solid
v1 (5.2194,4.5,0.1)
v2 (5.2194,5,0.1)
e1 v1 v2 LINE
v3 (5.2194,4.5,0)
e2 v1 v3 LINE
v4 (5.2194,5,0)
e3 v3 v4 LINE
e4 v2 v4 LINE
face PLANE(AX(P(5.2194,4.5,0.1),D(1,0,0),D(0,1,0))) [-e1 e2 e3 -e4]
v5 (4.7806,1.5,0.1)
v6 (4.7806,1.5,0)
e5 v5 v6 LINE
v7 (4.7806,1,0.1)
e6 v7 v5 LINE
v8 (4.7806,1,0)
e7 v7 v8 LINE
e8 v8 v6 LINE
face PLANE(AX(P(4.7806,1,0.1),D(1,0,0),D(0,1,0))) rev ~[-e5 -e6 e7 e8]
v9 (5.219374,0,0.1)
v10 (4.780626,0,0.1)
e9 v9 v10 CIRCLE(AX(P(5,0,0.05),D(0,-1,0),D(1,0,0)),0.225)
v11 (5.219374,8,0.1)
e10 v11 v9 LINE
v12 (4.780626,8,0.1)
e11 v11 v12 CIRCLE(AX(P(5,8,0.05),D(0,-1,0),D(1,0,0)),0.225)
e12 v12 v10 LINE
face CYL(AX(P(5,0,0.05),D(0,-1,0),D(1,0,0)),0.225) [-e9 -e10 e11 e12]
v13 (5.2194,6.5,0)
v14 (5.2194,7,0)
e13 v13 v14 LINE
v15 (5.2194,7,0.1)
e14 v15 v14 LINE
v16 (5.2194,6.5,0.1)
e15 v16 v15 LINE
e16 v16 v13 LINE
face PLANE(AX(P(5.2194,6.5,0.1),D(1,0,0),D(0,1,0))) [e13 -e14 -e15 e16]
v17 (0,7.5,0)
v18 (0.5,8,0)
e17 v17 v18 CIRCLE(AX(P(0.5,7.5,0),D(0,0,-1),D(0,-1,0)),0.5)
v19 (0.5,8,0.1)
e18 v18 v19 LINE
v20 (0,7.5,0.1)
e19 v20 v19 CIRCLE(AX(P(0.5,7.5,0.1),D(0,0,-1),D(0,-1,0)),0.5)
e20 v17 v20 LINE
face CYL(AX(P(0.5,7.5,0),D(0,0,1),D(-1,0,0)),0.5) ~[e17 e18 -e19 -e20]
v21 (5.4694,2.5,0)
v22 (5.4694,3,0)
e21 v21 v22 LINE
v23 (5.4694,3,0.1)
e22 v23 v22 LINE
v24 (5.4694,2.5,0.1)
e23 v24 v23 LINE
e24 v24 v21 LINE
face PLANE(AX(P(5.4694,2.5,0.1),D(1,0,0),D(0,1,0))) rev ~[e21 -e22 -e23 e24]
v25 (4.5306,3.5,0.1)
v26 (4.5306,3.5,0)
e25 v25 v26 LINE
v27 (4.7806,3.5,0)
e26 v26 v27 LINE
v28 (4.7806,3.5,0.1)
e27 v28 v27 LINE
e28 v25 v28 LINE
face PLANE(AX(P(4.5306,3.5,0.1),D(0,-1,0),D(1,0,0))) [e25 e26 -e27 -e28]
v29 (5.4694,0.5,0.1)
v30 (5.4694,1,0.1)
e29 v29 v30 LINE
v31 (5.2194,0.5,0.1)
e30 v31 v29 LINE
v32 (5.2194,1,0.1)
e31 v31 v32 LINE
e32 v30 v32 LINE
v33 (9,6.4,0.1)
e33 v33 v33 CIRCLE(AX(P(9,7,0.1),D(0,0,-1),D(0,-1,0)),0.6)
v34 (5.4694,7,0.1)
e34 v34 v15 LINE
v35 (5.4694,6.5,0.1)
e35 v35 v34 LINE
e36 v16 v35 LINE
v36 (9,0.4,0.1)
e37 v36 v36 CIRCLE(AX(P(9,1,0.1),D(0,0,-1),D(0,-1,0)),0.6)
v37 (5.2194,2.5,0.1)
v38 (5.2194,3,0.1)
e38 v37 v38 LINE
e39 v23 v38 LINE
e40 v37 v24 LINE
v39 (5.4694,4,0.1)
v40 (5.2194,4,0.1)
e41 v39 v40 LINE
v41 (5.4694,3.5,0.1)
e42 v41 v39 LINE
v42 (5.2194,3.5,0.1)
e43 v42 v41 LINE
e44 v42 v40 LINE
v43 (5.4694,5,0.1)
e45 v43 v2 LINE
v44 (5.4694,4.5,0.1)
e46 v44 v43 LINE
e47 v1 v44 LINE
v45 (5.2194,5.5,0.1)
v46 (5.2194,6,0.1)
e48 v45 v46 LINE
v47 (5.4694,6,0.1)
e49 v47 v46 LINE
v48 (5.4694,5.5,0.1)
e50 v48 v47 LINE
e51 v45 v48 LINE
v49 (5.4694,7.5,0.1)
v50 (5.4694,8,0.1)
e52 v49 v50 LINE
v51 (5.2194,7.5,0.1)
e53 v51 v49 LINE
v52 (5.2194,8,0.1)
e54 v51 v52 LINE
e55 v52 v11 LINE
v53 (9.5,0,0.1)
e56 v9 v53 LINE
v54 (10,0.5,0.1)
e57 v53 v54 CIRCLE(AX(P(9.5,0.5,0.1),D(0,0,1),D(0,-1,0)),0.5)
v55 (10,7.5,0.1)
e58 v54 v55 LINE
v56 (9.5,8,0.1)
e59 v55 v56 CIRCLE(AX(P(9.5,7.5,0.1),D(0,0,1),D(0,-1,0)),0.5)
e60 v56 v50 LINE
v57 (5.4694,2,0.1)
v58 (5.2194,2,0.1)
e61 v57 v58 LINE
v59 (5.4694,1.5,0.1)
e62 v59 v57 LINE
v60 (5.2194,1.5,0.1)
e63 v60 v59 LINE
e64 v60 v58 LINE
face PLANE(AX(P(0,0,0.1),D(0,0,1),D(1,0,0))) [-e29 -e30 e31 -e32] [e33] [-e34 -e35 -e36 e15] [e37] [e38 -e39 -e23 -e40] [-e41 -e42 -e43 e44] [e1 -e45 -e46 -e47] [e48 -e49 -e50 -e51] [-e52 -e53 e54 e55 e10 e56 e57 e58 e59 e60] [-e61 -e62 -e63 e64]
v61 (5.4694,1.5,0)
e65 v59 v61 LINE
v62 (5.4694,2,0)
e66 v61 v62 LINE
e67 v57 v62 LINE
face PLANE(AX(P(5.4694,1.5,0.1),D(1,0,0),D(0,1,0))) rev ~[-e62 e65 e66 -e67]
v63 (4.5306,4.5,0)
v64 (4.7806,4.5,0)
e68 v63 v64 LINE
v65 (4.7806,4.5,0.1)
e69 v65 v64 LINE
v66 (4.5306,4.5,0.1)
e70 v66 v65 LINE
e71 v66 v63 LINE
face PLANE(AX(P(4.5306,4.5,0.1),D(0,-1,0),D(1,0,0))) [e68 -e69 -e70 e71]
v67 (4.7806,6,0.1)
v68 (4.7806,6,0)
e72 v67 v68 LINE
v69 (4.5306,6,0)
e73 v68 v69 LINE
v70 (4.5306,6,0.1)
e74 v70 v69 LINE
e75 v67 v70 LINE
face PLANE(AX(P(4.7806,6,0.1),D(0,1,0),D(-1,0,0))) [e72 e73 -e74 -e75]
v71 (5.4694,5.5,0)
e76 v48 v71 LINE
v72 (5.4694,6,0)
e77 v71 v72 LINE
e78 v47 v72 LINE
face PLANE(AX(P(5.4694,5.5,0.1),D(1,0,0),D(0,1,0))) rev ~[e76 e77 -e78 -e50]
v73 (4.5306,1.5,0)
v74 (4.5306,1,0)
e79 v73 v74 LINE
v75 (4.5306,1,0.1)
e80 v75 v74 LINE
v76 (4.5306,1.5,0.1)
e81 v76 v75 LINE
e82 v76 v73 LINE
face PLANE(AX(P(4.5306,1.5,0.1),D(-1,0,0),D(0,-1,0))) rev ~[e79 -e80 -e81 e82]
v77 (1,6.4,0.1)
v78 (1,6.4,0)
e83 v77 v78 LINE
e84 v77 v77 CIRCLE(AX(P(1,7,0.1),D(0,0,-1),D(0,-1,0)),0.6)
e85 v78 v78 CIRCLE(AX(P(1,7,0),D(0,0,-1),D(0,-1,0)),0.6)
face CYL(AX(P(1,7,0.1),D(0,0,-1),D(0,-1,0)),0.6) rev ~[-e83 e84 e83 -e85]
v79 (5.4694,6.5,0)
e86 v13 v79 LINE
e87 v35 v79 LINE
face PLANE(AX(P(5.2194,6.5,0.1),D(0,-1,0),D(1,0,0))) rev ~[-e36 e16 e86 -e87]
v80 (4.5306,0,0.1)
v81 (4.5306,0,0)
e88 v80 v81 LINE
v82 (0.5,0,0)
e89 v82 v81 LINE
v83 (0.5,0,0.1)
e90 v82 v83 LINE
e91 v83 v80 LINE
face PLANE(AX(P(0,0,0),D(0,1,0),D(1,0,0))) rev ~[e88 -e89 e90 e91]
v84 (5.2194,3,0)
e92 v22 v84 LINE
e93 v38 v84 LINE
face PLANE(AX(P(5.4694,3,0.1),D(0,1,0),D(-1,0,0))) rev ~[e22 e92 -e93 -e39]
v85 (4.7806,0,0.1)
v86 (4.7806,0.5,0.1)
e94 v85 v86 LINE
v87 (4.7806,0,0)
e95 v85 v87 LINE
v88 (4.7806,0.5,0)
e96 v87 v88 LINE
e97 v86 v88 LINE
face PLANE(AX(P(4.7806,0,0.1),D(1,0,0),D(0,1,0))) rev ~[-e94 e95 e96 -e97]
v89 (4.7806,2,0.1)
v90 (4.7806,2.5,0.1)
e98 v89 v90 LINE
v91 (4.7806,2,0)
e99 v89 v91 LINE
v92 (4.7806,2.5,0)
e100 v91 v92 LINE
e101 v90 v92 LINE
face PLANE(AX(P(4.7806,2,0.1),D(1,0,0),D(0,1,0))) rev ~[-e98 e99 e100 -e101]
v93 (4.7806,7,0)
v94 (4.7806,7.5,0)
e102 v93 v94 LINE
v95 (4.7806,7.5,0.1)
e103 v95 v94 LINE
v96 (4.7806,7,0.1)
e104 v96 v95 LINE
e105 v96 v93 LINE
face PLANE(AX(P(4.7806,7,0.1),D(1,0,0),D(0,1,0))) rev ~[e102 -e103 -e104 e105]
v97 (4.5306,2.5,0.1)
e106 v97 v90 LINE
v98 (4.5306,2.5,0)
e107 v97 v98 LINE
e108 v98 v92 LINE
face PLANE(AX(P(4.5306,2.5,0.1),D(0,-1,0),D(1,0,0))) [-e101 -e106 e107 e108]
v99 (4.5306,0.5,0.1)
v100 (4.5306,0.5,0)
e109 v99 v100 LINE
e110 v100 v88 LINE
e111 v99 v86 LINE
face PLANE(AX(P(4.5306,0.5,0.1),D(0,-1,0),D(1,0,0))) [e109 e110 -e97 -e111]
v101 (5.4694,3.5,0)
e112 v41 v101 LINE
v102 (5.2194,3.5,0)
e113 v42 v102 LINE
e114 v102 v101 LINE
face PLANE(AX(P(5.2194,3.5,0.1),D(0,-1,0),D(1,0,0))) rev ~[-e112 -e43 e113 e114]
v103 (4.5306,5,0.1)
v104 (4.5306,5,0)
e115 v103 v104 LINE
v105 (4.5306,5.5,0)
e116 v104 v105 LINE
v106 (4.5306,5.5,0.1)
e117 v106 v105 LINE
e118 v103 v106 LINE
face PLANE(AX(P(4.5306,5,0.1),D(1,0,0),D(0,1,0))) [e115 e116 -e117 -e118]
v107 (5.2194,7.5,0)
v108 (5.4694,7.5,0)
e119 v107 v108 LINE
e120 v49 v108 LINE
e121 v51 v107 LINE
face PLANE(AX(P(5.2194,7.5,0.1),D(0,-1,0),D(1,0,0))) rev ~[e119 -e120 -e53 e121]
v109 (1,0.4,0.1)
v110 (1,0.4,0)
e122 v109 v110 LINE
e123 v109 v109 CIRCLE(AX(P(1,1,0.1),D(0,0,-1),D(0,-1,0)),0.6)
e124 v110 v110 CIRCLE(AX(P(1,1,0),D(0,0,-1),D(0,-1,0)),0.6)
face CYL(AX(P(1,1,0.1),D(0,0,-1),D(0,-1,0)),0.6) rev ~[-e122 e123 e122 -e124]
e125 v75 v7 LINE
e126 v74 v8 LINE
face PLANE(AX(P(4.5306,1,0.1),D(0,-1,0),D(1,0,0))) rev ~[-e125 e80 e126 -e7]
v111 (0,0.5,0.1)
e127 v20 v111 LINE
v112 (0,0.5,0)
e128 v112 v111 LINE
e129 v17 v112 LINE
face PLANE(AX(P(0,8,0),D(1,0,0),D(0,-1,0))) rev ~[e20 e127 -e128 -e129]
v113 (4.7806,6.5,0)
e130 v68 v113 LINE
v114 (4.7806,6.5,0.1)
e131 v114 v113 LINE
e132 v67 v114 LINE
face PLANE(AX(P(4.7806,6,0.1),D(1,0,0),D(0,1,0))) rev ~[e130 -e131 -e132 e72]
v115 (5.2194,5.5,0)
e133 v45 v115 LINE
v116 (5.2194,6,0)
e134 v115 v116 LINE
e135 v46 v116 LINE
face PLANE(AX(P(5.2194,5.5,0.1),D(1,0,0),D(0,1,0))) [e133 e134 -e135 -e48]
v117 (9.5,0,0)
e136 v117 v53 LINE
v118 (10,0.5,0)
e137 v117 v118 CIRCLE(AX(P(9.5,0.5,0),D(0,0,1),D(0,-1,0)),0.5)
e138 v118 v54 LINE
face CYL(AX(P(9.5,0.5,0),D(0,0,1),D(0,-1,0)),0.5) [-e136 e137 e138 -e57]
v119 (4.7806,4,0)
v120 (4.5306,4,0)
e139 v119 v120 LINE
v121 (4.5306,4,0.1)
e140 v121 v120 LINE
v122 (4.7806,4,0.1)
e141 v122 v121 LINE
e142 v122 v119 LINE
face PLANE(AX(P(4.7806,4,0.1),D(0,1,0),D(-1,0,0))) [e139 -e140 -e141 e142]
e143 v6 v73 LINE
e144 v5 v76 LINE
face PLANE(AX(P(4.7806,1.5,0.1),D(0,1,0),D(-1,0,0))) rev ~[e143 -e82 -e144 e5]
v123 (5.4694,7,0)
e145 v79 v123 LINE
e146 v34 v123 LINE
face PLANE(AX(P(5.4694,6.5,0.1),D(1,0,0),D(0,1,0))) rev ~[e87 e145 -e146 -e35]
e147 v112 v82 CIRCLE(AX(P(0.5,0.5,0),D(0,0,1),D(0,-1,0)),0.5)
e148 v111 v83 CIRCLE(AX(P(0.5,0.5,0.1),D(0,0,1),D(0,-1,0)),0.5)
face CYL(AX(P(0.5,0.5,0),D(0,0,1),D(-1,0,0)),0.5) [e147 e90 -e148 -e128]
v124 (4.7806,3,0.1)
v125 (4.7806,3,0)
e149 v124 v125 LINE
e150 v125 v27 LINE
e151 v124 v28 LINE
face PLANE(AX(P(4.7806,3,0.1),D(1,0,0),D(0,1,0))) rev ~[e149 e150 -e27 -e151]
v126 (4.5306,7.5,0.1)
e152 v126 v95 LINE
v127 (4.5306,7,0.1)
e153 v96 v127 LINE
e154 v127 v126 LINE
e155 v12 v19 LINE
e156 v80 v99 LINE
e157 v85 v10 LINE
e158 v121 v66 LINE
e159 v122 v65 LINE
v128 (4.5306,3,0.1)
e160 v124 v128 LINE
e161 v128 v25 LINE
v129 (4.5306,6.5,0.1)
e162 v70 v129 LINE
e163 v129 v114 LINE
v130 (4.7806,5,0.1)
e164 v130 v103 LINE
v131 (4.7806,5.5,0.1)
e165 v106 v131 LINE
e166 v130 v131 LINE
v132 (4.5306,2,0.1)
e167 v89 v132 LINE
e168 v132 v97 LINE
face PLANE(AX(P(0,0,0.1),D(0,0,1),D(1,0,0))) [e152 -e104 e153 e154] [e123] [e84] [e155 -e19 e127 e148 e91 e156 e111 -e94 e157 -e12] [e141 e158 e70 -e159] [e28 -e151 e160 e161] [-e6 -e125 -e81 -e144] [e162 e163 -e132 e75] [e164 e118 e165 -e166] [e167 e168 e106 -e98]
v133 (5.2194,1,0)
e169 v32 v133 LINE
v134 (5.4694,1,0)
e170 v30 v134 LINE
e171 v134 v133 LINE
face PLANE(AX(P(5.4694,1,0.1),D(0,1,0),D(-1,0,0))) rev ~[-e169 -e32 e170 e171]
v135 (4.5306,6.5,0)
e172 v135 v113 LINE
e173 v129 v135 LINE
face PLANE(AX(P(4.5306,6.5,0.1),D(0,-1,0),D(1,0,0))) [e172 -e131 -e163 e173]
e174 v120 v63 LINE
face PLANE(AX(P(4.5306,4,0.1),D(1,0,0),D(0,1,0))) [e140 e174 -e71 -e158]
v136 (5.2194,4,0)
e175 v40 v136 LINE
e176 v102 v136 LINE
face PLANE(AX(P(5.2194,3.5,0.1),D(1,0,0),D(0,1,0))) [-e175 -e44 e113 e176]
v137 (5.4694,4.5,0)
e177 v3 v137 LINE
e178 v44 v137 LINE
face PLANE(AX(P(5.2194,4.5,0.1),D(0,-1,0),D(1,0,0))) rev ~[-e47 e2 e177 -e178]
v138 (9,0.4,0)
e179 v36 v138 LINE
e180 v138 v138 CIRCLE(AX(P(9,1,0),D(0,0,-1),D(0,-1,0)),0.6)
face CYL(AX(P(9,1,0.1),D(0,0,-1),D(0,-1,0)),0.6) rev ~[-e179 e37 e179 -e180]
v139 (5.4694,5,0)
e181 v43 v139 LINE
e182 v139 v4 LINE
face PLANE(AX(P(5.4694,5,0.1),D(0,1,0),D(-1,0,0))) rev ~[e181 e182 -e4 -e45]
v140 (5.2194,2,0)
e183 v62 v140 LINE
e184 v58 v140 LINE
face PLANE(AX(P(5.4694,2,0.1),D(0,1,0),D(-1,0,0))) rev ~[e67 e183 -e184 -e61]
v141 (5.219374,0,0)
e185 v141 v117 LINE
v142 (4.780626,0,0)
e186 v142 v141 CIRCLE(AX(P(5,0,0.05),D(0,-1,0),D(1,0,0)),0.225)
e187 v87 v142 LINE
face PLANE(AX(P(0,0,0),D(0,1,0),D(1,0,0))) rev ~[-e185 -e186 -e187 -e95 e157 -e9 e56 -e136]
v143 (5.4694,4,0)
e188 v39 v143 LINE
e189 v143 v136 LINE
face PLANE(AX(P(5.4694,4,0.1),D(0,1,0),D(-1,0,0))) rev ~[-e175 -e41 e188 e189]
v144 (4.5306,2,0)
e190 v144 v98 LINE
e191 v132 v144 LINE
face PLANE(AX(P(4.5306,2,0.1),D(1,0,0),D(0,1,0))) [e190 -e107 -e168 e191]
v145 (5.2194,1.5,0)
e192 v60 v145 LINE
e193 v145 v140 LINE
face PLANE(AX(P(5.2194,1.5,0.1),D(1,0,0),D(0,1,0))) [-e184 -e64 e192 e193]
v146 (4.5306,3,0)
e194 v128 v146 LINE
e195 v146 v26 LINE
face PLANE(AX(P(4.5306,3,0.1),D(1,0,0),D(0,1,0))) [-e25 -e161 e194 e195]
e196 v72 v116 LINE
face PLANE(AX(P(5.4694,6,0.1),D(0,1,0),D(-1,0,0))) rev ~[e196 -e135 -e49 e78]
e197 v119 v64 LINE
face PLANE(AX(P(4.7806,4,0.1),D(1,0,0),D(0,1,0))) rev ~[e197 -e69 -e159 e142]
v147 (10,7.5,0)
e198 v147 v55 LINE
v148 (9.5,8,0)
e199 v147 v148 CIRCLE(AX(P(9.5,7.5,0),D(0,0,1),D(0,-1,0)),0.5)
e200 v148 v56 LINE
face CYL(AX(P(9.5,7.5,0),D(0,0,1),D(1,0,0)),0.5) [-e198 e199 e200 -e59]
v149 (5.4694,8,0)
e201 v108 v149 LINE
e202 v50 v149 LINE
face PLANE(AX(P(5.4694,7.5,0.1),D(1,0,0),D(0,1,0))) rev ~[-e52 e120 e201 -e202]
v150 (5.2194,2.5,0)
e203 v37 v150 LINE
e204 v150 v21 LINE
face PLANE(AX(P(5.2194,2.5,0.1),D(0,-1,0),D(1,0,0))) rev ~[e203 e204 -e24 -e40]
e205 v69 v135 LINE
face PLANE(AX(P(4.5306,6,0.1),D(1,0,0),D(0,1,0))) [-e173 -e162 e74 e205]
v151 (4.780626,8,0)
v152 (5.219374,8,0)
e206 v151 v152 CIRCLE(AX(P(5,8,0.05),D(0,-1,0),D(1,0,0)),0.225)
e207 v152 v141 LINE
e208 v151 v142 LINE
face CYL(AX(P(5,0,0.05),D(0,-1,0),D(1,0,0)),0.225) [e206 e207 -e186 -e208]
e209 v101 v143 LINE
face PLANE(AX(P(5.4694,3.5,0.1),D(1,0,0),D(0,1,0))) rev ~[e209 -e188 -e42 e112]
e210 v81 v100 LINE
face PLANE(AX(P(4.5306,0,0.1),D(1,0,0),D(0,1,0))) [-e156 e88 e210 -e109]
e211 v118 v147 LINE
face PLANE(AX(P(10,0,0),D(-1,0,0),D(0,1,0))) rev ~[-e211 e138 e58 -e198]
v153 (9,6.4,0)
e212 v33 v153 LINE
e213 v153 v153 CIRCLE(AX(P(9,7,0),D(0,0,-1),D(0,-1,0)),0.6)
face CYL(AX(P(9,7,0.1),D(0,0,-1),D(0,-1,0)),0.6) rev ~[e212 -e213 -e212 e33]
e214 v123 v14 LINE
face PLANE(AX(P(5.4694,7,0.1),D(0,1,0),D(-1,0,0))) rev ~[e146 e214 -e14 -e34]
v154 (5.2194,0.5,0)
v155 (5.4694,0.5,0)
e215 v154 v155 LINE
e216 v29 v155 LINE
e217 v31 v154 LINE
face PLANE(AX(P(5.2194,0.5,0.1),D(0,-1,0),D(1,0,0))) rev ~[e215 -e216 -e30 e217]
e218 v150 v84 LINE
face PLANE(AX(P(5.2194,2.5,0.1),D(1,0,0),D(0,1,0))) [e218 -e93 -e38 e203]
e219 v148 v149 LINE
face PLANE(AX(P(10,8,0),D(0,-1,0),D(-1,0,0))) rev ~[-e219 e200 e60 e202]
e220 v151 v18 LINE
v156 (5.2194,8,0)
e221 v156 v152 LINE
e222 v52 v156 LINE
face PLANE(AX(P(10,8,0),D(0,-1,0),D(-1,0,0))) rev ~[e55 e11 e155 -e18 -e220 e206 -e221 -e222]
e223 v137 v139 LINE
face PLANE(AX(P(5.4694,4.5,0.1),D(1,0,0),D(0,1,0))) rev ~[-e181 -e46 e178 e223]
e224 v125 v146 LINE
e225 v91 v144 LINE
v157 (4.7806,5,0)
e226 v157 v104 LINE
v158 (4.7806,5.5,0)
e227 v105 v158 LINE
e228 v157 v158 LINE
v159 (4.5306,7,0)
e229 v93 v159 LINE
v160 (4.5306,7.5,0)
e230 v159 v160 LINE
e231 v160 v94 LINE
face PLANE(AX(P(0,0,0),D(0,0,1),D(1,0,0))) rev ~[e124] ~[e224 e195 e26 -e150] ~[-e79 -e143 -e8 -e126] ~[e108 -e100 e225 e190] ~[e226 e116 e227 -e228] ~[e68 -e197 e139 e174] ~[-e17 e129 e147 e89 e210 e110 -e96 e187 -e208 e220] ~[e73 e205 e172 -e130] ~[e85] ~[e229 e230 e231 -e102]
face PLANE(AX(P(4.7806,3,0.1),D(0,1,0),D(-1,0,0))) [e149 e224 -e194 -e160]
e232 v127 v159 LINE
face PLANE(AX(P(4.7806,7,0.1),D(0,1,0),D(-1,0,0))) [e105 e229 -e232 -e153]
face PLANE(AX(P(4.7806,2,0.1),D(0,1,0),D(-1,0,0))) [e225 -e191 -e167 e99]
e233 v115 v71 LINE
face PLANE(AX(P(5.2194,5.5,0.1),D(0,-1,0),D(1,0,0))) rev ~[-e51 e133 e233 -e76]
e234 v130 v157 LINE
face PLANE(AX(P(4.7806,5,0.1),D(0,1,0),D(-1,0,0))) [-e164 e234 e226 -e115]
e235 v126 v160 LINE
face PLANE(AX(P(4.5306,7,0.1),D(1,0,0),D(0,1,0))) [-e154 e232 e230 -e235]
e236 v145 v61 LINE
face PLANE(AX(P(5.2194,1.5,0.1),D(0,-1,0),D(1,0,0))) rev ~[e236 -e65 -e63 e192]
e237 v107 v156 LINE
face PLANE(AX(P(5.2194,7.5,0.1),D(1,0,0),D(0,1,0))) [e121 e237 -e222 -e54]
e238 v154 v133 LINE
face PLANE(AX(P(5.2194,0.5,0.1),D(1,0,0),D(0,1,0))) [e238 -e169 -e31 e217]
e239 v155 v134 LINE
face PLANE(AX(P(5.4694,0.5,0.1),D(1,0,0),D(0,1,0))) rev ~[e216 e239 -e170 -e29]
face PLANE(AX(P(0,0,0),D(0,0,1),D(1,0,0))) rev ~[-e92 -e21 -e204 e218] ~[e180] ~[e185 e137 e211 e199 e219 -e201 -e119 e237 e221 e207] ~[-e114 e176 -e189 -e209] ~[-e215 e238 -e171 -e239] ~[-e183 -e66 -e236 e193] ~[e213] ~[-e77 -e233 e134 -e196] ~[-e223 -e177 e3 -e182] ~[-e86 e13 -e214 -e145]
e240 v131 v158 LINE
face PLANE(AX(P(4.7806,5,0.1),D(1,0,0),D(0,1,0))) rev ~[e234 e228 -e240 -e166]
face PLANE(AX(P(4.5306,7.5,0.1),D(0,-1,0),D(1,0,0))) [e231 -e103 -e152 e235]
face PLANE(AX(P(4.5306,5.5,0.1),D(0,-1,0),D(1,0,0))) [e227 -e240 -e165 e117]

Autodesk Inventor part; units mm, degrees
ref_plane "YZ Plane" through (0, 0, 0) normal (1, 0, 0) x (0, 1, 0)
ref_plane "XZ Plane" through (0, 0, 0) normal (0, 1, 0) x (-1, 0, 0)
ref_plane "XY Plane" through (0, 0, 0) normal (0, 0, 1) x (1, 0, 0)
sketch "Sketch1" plane through (0, 0, 0) normal (0, 0, 1) x (1, 0, 0)
  line L0 (0, 0) -> (10, 0)
  line L1 (10, 0) -> (10, 8)
  line L2 (10, 8) -> (0, 8)
  line L3 (0, 8) -> (0, 0)
  dimension "d0" = 10
  dimension "d1" = 8
extrude "Extrusion1" add sketch "Sketch1" along normal blind 0.1
sketch "Sketch2" plane through (0, 0, 0) normal (0, -1, 0) x (1, 0, 0)
  circle A0 centre (5, 0.05) radius 0.225
  dimension "d4" = 0.45
extrude "Extrusion2" add sketch "Sketch2" against normal blind 8
sketch "Sketch3" plane through (0, 0, 0.1) normal (0, 0, 1) x (1, 0, 0)
  point P0 (1, 7)
  point P1 (1, 1)
hole "Hole1" at (1, 7, 0.1) at (1, 1, 0.1) direction (0, 0, -1) diameter 1.2 end through all
sketch "Sketch4" plane through (0, 0, 0.1) normal (0, 0, 1) x (1, 0, 0)
  point P0 (0, 0)
  point P1 (9, 7)
  point P2 (9, 1)
hole "Hole2" at (9, 7, 0.1) at (9, 1, 0.1) direction (0, 0, -1) diameter 1.2 end through all
sketch "Sketch5" plane through (0, 0, 0.1) normal (0, 0, 1) x (1, 0, 0)
  line L0 (4.7806, 0) -> (4.7806, 8) projected
  line L1 (4.7806, 0) -> (4.5306, 0)
  line L2 (4.5306, 0) -> (4.5306, 0.5)
  line L3 (4.5306, 0.5) -> (4.7806, 0.5)
  line L4 (4.7806, 0.5) -> (4.7806, 0)
  line L5 (4.5306, 1) -> (4.7806, 1)
  line L6 (4.7806, 1) -> (4.7806, 1.5)
  line L7 (4.7806, 1.5) -> (4.5306, 1.5)
  line L8 (4.5306, 1.5) -> (4.5306, 1)
  line L9 (4.7806, 2) -> (4.5306, 2)
  line L10 (4.5306, 2) -> (4.5306, 2.5)
  line L11 (4.5306, 2.5) -> (4.7806, 2.5)
  line L12 (4.7806, 2.5) -> (4.7806, 2)
  line L13 (4.7806, 3) -> (4.5306, 3)
  line L14 (4.5306, 3) -> (4.5306, 3.5)
  line L15 (4.5306, 3.5) -> (4.7806, 3.5)
  line L16 (4.7806, 3.5) -> (4.7806, 3)
  line L17 (4.7806, 4) -> (4.5306, 4)
  line L18 (4.5306, 4) -> (4.5306, 4.5)
  line L19 (4.5306, 4.5) -> (4.7806, 4.5)
  line L20 (4.7806, 4.5) -> (4.7806, 4)
  line L21 (4.7806, 5) -> (4.5306, 5)
  line L22 (4.5306, 5) -> (4.5306, 5.5)
  line L23 (4.5306, 5.5) -> (4.7806, 5.5)
  line L24 (4.7806, 5.5) -> (4.7806, 5)
  line L25 (4.7806, 6) -> (4.5306, 6)
  line L26 (4.5306, 6) -> (4.5306, 6.5)
  line L27 (4.5306, 6.5) -> (4.7806, 6.5)
  line L28 (4.7806, 6.5) -> (4.7806, 6)
  line L29 (4.7806, 7) -> (4.5306, 7)
  line L30 (4.5306, 7) -> (4.5306, 7.5)
  line L31 (4.5306, 7.5) -> (4.7806, 7.5)
  line L32 (4.7806, 7.5) -> (4.7806, 7)
  dimension "d21" = 0.25
  dimension "d22" = 0.5
  dimension "d23" = 0.5
  dimension "d24" = 0.5
  dimension "d25" = 0.5
  dimension "d26" = 0.5
  dimension "d27" = 0.5
  dimension "d28" = 0.5
  dimension "d29" = 0.5
extrude "Extrusion3" cut sketch "Sketch5" against normal blind 8
sketch "Sketch6" plane through (0, 0, 0.1) normal (0, 0, 1) x (1, 0, 0)
  line L0 (10, 8) -> (5.2194, 8) projected
  line L1 (5.2194, 0) -> (5.2194, 8) projected
  line L2 (5.2194, 0.5) -> (5.4694, 0.5)
  line L3 (5.4694, 0.5) -> (5.4694, 1)
  line L4 (5.4694, 1) -> (5.2194, 1)
  line L5 (5.2194, 1) -> (5.2194, 0.5)
  line L6 (5.2194, 1.5) -> (5.4694, 1.5)
  line L7 (5.4694, 1.5) -> (5.4694, 2)
  line L8 (5.4694, 2) -> (5.2194, 2)
  line L9 (5.2194, 2) -> (5.2194, 1.5)
  line L10 (5.2194, 2.5) -> (5.4694, 2.5)
  line L11 (5.4694, 2.5) -> (5.4694, 3)
  line L12 (5.4694, 3) -> (5.2194, 3)
  line L13 (5.2194, 3) -> (5.2194, 2.5)
  line L14 (5.2194, 3.5) -> (5.4694, 3.5)
  line L15 (5.4694, 3.5) -> (5.4694, 4)
  line L16 (5.4694, 4) -> (5.2194, 4)
  line L17 (5.2194, 4) -> (5.2194, 3.5)
  line L18 (5.2194, 4.5) -> (5.4694, 4.5)
  line L19 (5.4694, 4.5) -> (5.4694, 5)
  line L20 (5.4694, 5) -> (5.2194, 5)
  line L21 (5.2194, 5) -> (5.2194, 4.5)
  line L22 (5.2194, 5.5) -> (5.4694, 5.5)
  line L23 (5.4694, 5.5) -> (5.4694, 6)
  line L24 (5.4694, 6) -> (5.2194, 6)
  line L25 (5.2194, 6) -> (5.2194, 5.5)
  line L26 (5.2194, 6.5) -> (5.4694, 6.5)
  line L27 (5.4694, 6.5) -> (5.4694, 7)
  line L28 (5.4694, 7) -> (5.2194, 7)
  line L29 (5.2194, 7) -> (5.2194, 6.5)
  line L30 (5.2194, 7.5) -> (5.4694, 7.5)
  line L31 (5.4694, 7.5) -> (5.4694, 8)
  line L32 (5.4694, 8) -> (5.2194, 8)
  line L33 (5.2194, 8) -> (5.2194, 7.5)
  point P0 (0, 0)
  dimension "d32" = 0.25
  dimension "d33" = 0.5
  dimension "d36" = 0.5
  dimension "d37" = 0.5
  dimension "d38" = 0.5
  dimension "d39" = 0.5
  dimension "d40" = 0.5
  dimension "d41" = 0.5
extrude "Extrusion4" cut sketch "Sketch6" against normal blind 8
fillet "Fillet1" radius 0.5 4 edges at (0, 0, 0.05) (0, 8, 0.05) (10, 8, 0.05) (10, 0, 0.05)
properties part number "Scharnier"
